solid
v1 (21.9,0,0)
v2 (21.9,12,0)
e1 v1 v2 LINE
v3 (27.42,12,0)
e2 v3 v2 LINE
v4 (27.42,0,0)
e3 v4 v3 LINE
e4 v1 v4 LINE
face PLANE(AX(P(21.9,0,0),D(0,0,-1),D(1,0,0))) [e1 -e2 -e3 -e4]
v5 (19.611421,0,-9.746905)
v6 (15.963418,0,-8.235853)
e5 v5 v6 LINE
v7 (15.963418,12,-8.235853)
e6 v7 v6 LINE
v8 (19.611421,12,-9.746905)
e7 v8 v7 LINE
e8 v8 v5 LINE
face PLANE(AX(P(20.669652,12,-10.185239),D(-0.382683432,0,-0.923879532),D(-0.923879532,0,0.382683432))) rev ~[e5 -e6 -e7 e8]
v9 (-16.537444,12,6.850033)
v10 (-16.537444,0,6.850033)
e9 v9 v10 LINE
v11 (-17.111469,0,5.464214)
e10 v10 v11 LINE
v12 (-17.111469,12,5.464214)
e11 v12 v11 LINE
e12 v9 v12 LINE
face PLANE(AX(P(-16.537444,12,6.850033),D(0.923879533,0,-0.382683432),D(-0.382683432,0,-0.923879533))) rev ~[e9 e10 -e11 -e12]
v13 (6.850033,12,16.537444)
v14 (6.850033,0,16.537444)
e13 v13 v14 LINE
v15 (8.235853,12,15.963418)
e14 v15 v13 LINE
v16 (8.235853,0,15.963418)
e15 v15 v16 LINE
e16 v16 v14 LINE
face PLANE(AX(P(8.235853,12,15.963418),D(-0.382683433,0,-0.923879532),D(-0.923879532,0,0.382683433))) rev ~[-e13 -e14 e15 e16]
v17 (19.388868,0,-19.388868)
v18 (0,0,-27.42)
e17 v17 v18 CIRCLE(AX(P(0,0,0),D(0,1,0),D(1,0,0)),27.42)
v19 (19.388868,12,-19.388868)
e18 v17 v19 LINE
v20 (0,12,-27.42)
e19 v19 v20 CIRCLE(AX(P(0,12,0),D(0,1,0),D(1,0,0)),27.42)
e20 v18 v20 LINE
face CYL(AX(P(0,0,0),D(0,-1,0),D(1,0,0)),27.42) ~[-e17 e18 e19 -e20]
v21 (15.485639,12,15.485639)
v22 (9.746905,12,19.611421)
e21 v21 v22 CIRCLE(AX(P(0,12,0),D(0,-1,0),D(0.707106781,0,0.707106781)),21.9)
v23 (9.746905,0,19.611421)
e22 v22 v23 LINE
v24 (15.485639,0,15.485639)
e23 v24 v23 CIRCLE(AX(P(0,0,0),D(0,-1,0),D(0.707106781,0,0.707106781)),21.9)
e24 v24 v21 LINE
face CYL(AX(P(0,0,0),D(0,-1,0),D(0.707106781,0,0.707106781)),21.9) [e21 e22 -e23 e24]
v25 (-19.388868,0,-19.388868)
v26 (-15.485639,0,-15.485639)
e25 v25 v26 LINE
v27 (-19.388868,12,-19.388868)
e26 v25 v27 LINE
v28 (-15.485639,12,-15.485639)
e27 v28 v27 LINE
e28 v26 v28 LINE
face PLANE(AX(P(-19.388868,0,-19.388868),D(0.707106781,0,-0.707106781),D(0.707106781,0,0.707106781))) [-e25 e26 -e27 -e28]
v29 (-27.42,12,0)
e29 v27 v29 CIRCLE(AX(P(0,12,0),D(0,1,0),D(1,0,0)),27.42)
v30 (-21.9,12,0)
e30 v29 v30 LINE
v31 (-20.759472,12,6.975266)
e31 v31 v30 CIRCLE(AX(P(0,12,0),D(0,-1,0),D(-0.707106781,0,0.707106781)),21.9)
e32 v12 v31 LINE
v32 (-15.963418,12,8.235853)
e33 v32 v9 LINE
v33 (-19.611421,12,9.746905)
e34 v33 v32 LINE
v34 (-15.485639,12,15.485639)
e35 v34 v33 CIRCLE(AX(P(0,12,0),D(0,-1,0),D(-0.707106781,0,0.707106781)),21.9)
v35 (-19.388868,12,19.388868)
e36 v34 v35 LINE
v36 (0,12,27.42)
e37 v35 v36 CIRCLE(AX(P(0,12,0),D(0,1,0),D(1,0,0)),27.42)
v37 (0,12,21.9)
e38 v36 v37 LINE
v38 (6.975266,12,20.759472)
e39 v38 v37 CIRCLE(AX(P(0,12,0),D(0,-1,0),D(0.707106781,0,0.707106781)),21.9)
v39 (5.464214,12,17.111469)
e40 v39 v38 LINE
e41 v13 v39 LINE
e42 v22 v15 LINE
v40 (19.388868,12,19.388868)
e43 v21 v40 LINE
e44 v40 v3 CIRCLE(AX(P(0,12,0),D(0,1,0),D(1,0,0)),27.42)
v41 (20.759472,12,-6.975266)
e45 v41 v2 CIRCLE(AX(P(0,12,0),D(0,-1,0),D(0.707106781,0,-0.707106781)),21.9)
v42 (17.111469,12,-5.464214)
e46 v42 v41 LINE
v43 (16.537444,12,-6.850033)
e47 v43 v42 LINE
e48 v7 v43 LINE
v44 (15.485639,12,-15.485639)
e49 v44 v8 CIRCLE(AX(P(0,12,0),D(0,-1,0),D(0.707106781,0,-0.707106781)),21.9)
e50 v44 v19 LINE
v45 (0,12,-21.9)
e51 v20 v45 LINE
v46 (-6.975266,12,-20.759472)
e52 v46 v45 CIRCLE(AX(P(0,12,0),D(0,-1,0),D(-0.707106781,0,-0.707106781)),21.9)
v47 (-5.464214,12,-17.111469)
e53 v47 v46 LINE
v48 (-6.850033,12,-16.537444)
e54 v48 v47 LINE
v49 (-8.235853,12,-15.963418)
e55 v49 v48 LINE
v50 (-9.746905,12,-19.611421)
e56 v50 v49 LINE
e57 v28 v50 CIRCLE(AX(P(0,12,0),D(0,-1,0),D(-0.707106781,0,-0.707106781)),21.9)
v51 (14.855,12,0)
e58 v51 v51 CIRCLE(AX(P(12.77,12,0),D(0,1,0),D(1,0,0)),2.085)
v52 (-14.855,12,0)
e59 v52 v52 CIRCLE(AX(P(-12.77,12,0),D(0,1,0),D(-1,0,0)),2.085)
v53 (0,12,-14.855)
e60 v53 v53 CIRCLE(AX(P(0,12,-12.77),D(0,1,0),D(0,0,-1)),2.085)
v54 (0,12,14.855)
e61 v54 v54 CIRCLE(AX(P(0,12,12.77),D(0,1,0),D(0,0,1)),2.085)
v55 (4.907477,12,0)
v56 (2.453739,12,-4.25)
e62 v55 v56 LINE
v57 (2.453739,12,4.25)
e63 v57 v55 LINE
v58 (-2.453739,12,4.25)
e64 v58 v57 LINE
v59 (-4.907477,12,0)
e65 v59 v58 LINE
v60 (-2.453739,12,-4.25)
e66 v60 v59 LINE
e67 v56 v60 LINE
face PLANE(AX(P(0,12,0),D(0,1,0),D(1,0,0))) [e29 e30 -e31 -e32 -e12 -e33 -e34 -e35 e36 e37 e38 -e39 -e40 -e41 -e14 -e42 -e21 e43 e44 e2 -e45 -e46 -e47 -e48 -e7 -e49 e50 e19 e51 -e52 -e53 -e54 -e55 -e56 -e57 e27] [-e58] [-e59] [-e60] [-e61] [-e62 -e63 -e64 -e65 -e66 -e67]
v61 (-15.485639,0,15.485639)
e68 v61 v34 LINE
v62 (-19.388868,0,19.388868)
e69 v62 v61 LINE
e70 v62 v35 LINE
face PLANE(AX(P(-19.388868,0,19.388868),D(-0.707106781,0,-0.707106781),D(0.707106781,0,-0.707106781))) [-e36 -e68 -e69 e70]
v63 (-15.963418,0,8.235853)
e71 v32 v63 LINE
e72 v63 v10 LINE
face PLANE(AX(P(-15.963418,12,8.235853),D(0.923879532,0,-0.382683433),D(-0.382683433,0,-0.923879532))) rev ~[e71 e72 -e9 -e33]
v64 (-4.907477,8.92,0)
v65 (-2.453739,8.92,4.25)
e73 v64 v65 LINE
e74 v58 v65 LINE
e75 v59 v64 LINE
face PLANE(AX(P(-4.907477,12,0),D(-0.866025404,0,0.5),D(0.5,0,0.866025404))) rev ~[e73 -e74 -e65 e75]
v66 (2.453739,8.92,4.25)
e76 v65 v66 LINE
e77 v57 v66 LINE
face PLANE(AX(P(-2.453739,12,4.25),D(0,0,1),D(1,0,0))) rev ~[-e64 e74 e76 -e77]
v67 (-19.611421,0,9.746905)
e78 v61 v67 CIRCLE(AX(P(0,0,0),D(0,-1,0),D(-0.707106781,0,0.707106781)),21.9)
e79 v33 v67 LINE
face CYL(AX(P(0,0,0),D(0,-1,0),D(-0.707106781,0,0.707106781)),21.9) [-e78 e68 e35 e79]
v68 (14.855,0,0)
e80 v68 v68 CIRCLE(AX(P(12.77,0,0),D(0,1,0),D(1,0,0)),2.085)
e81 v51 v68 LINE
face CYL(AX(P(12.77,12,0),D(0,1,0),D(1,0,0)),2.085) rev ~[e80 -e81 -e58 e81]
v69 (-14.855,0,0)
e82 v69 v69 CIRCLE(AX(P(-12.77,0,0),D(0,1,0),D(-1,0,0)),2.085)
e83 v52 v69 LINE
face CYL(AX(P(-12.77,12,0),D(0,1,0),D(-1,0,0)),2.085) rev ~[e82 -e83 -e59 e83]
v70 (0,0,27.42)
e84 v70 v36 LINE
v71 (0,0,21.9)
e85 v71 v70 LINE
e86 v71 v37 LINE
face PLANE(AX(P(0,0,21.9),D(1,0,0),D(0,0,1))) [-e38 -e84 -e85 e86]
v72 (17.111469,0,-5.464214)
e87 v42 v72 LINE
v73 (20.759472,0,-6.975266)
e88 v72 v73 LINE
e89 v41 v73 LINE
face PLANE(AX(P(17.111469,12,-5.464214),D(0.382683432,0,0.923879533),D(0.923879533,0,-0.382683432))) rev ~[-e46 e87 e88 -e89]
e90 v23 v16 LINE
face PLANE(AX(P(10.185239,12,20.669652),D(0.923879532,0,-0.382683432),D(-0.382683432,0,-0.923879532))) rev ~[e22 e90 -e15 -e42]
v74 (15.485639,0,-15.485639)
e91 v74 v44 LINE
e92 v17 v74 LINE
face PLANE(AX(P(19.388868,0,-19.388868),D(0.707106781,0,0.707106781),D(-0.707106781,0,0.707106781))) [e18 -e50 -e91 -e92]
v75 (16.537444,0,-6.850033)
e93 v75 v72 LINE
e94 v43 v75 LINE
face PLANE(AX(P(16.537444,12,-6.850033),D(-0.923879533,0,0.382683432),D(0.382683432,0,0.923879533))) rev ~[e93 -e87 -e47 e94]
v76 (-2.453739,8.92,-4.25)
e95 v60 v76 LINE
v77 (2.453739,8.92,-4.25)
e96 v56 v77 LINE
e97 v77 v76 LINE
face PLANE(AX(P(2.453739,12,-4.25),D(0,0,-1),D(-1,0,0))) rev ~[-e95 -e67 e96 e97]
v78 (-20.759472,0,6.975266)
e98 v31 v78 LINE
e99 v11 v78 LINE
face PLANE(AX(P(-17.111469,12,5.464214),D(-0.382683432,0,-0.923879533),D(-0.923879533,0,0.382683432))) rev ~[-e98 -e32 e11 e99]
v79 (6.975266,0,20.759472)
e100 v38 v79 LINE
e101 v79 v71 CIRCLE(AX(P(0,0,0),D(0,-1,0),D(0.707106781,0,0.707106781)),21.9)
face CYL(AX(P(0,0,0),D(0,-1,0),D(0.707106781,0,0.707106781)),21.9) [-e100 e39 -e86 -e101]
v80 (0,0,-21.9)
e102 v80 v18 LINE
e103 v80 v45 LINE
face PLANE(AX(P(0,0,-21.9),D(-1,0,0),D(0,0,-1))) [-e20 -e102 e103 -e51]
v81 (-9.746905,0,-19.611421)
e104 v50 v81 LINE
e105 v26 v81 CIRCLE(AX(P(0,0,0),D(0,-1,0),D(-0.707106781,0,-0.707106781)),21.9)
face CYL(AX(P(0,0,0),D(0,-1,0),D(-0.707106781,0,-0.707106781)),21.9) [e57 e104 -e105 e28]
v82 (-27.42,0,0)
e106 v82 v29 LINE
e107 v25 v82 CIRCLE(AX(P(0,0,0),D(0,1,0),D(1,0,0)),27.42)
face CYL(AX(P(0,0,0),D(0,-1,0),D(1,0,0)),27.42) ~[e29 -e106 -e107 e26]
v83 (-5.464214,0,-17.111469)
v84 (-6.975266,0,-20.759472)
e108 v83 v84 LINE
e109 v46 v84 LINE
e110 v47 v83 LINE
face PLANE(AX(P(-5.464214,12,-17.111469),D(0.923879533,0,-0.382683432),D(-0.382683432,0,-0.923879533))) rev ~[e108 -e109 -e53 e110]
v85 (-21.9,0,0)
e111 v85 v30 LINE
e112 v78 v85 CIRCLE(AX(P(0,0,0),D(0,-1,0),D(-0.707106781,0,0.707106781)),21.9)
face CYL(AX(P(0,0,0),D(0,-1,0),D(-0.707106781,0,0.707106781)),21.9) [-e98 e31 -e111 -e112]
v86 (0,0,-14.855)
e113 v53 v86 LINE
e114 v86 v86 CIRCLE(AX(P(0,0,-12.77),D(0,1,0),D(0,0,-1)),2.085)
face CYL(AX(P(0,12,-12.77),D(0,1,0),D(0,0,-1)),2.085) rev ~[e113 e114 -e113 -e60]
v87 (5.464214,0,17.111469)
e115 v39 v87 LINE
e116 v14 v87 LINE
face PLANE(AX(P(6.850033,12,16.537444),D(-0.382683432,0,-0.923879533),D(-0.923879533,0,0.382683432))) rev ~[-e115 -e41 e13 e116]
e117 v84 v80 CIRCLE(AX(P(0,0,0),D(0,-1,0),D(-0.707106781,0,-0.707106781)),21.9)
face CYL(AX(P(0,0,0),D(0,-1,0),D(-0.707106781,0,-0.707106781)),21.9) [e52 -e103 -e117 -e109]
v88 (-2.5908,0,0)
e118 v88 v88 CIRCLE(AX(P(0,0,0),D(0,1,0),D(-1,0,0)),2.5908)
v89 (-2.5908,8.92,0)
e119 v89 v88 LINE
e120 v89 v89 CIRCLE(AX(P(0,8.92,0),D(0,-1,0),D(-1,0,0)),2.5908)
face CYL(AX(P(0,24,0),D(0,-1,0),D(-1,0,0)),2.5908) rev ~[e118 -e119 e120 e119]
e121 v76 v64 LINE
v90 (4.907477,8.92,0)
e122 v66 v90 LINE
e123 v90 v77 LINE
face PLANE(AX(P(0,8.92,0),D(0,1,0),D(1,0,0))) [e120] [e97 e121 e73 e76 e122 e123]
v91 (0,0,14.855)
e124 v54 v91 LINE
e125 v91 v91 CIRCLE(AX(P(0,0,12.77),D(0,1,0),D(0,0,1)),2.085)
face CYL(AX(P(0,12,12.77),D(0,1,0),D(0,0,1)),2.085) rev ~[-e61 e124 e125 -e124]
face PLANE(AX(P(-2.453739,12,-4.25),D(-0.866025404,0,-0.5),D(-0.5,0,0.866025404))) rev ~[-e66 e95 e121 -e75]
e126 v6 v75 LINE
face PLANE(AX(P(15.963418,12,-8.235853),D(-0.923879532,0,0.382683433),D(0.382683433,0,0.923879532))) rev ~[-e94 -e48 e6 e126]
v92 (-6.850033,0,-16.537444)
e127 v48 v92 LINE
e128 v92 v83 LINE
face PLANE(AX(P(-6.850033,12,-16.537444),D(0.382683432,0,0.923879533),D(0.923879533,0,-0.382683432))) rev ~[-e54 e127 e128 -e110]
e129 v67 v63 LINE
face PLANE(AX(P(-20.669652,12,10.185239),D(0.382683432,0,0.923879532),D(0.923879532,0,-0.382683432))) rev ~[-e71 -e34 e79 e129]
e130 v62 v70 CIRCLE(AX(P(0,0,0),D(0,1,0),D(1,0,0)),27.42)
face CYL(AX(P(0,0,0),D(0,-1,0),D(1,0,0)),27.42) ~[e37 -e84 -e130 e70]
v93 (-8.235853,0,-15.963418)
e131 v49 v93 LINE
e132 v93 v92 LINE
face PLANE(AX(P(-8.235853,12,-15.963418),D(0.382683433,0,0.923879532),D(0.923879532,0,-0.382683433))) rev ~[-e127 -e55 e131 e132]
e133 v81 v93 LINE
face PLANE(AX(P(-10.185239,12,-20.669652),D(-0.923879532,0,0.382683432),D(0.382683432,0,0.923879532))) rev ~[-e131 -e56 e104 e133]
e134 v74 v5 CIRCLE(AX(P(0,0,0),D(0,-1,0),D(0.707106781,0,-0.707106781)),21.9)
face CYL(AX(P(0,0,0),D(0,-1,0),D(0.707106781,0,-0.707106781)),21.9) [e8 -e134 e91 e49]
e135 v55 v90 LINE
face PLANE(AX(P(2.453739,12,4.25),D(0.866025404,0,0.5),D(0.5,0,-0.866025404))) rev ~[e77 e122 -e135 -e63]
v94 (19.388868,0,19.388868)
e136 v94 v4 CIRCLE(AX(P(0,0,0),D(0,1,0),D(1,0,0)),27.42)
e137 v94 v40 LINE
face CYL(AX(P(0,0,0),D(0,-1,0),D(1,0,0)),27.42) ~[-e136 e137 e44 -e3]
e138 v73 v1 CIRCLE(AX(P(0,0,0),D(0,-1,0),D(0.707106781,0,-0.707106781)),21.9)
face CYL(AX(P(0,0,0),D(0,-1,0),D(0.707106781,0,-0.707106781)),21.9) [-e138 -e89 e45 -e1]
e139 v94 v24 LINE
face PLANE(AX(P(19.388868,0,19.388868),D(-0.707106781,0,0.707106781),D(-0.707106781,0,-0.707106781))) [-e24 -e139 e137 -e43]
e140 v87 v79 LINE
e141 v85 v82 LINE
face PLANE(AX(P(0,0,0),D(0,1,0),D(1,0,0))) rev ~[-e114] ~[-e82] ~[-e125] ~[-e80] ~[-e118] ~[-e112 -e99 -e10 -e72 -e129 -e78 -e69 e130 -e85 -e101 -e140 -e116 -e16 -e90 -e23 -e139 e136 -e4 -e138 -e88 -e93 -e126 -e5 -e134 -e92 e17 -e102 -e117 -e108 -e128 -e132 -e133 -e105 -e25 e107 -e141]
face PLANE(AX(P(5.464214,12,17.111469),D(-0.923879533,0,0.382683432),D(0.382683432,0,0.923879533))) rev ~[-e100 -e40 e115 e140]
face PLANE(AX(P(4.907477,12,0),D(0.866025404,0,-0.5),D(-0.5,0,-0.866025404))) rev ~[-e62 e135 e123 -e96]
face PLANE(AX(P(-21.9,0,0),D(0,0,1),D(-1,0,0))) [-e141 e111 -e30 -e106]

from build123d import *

# Parameters (mm, degrees)
SKETCH2_R                      = 27.42
BOSS_EXTRUDE1_DEPTH            = 12
CUT_EXTRUDE1_DEPTH             = 13
SKETCH3_R                      = 2.085
CUT_EXTRUDE2_DEPTH             = 13
CIRPATTERN1_COUNT              = 4
CUT_EXTRUDE4_DEPTH             = 13
CIRPATTERN2_COUNT              = 4
F_6_0_204_DIAMETER_HOLE1_D     = 5.1816
F_6_0_204_DIAMETER_HOLE1_DEPTH = 12
F_6_0_204_DIAMETER_HOLE1_TIP   = 1.556709692
CUT_EXTRUDE5_DEPTH             = 3.08


with BuildPart() as part:
    # Sketch2 → Boss-Extrude1 (new body)
    with BuildSketch(Plane(origin=(0, 0, 0), x_dir=(1, 0, 0), z_dir=(0, 1, 0))):
        Circle(SKETCH2_R)
    extrude(amount=BOSS_EXTRUDE1_DEPTH)

    # Sketch1 → Cut-Extrude1 (cut, through all)
    with BuildSketch(Plane(origin=(0, 0, 0), x_dir=(1, 0, 0), z_dir=(0, 1, 0))):
        with BuildLine():
            Line((0, 21.9), (0, 27.42))
            ThreePointArc((0, 27.42), (-10.493179715, 25.332776781), (-19.38886794, 19.38886794))
            Line((-19.38886794, 19.38886794), (-15.485638508, 15.485638508))
            ThreePointArc((-15.485638508, 15.485638508), (-8.380767169, 20.232961762), (0, 21.9))
        make_face()
        with BuildLine():
            Line((0, -21.9), (0, -27.42))
            ThreePointArc((0, -27.42), (10.493179715, -25.332776781), (19.38886794, -19.38886794))
            Line((19.38886794, -19.38886794), (15.485638508, -15.485638508))
            ThreePointArc((15.485638508, -15.485638508), (8.380767169, -20.232961762), (0, -21.9))
        make_face()
        with BuildLine():
            Line((21.9, 0), (27.42, 0))
            ThreePointArc((27.42, 0), (25.332776781, 10.493179715), (19.38886794, 19.38886794))
            Line((19.38886794, 19.38886794), (15.485638508, 15.485638508))
            ThreePointArc((15.485638508, 15.485638508), (20.232961762, 8.380767169), (21.9, 0))
        make_face()
        with BuildLine():
            Line((-21.9, 0), (-27.42, 0))
            ThreePointArc((-27.42, 0), (-25.332776781, -10.493179715), (-19.38886794, -19.38886794))
            Line((-19.38886794, -19.38886794), (-15.485638508, -15.485638508))
            ThreePointArc((-15.485638508, -15.485638508), (-20.232961762, -8.380767169), (-21.9, 0))
        make_face()
    extrude(amount=CUT_EXTRUDE1_DEPTH, mode=Mode.SUBTRACT)

    # Sketch3 → Cut-Extrude2 (cut, through all)
    with BuildSketch(Plane(origin=(0, 12, 0), x_dir=(1, 0, 0), z_dir=(0, 1, 0))):
        with Locations((12.77, 0)):
            Circle(SKETCH3_R)
    cut_extrude2 = extrude(amount=-CUT_EXTRUDE2_DEPTH, mode=Mode.SUBTRACT)

    # CirPattern1: Cut-Extrude2 ×4 about axis
    cirpattern1_axis = Axis((0, 0, 0), (0, 1, 0))
    for i in range(1, CIRPATTERN1_COUNT):
        add(cut_extrude2.rotate(cirpattern1_axis, i * 360 / CIRPATTERN1_COUNT), mode=Mode.SUBTRACT)

    # Sketch5 → Cut-Extrude4 (cut, through all)
    with BuildSketch(Plane(origin=(0, 12, 0), x_dir=(1, 0, 0), z_dir=(0, 1, 0))):
        Polygon((-5.464214141, 17.11146878), (-7.413599954, 21.81770245), (-10.185238552, 20.669652153), (-8.235852738, 15.963418483), (-6.850033439, 16.537443632), align=None)
    cut_extrude4 = extrude(amount=-CUT_EXTRUDE4_DEPTH, mode=Mode.SUBTRACT)

    # CirPattern2: Cut-Extrude4 ×4 about axis
    cirpattern2_axis = Axis((0, 0, 0), (0, 1, 0))
    for i in range(1, CIRPATTERN2_COUNT):
        add(cut_extrude4.rotate(cirpattern2_axis, i * 360 / CIRPATTERN2_COUNT), mode=Mode.SUBTRACT)

    # #6 (0.204) Diameter Hole1
    with Locations(Plane(origin=(0, 12, 0), x_dir=(1, 0, 0), z_dir=(0, 1, 0))):
        with Locations((0, 0)):
            Hole(F_6_0_204_DIAMETER_HOLE1_D / 2, depth=F_6_0_204_DIAMETER_HOLE1_DEPTH)
            with Locations((0, 0, -(F_6_0_204_DIAMETER_HOLE1_DEPTH + F_6_0_204_DIAMETER_HOLE1_TIP / 2))):  # 118° drill point
                Cone(0, F_6_0_204_DIAMETER_HOLE1_D / 2, F_6_0_204_DIAMETER_HOLE1_TIP, mode=Mode.SUBTRACT)

    # Sketch8 → Cut-Extrude5 (cut)
    with BuildSketch(Plane(origin=(0, 12, 0), x_dir=(1, 0, 0), z_dir=(0, 1, 0))):
        Polygon((2.453738644, -4.25), (4.907477288, 0), (2.453738644, 4.25), (-2.453738644, 4.25), (-4.907477288, 0), (-2.453738644, -4.25), align=None)
    extrude(amount=-CUT_EXTRUDE5_DEPTH, mode=Mode.SUBTRACT)


solid = part.part
